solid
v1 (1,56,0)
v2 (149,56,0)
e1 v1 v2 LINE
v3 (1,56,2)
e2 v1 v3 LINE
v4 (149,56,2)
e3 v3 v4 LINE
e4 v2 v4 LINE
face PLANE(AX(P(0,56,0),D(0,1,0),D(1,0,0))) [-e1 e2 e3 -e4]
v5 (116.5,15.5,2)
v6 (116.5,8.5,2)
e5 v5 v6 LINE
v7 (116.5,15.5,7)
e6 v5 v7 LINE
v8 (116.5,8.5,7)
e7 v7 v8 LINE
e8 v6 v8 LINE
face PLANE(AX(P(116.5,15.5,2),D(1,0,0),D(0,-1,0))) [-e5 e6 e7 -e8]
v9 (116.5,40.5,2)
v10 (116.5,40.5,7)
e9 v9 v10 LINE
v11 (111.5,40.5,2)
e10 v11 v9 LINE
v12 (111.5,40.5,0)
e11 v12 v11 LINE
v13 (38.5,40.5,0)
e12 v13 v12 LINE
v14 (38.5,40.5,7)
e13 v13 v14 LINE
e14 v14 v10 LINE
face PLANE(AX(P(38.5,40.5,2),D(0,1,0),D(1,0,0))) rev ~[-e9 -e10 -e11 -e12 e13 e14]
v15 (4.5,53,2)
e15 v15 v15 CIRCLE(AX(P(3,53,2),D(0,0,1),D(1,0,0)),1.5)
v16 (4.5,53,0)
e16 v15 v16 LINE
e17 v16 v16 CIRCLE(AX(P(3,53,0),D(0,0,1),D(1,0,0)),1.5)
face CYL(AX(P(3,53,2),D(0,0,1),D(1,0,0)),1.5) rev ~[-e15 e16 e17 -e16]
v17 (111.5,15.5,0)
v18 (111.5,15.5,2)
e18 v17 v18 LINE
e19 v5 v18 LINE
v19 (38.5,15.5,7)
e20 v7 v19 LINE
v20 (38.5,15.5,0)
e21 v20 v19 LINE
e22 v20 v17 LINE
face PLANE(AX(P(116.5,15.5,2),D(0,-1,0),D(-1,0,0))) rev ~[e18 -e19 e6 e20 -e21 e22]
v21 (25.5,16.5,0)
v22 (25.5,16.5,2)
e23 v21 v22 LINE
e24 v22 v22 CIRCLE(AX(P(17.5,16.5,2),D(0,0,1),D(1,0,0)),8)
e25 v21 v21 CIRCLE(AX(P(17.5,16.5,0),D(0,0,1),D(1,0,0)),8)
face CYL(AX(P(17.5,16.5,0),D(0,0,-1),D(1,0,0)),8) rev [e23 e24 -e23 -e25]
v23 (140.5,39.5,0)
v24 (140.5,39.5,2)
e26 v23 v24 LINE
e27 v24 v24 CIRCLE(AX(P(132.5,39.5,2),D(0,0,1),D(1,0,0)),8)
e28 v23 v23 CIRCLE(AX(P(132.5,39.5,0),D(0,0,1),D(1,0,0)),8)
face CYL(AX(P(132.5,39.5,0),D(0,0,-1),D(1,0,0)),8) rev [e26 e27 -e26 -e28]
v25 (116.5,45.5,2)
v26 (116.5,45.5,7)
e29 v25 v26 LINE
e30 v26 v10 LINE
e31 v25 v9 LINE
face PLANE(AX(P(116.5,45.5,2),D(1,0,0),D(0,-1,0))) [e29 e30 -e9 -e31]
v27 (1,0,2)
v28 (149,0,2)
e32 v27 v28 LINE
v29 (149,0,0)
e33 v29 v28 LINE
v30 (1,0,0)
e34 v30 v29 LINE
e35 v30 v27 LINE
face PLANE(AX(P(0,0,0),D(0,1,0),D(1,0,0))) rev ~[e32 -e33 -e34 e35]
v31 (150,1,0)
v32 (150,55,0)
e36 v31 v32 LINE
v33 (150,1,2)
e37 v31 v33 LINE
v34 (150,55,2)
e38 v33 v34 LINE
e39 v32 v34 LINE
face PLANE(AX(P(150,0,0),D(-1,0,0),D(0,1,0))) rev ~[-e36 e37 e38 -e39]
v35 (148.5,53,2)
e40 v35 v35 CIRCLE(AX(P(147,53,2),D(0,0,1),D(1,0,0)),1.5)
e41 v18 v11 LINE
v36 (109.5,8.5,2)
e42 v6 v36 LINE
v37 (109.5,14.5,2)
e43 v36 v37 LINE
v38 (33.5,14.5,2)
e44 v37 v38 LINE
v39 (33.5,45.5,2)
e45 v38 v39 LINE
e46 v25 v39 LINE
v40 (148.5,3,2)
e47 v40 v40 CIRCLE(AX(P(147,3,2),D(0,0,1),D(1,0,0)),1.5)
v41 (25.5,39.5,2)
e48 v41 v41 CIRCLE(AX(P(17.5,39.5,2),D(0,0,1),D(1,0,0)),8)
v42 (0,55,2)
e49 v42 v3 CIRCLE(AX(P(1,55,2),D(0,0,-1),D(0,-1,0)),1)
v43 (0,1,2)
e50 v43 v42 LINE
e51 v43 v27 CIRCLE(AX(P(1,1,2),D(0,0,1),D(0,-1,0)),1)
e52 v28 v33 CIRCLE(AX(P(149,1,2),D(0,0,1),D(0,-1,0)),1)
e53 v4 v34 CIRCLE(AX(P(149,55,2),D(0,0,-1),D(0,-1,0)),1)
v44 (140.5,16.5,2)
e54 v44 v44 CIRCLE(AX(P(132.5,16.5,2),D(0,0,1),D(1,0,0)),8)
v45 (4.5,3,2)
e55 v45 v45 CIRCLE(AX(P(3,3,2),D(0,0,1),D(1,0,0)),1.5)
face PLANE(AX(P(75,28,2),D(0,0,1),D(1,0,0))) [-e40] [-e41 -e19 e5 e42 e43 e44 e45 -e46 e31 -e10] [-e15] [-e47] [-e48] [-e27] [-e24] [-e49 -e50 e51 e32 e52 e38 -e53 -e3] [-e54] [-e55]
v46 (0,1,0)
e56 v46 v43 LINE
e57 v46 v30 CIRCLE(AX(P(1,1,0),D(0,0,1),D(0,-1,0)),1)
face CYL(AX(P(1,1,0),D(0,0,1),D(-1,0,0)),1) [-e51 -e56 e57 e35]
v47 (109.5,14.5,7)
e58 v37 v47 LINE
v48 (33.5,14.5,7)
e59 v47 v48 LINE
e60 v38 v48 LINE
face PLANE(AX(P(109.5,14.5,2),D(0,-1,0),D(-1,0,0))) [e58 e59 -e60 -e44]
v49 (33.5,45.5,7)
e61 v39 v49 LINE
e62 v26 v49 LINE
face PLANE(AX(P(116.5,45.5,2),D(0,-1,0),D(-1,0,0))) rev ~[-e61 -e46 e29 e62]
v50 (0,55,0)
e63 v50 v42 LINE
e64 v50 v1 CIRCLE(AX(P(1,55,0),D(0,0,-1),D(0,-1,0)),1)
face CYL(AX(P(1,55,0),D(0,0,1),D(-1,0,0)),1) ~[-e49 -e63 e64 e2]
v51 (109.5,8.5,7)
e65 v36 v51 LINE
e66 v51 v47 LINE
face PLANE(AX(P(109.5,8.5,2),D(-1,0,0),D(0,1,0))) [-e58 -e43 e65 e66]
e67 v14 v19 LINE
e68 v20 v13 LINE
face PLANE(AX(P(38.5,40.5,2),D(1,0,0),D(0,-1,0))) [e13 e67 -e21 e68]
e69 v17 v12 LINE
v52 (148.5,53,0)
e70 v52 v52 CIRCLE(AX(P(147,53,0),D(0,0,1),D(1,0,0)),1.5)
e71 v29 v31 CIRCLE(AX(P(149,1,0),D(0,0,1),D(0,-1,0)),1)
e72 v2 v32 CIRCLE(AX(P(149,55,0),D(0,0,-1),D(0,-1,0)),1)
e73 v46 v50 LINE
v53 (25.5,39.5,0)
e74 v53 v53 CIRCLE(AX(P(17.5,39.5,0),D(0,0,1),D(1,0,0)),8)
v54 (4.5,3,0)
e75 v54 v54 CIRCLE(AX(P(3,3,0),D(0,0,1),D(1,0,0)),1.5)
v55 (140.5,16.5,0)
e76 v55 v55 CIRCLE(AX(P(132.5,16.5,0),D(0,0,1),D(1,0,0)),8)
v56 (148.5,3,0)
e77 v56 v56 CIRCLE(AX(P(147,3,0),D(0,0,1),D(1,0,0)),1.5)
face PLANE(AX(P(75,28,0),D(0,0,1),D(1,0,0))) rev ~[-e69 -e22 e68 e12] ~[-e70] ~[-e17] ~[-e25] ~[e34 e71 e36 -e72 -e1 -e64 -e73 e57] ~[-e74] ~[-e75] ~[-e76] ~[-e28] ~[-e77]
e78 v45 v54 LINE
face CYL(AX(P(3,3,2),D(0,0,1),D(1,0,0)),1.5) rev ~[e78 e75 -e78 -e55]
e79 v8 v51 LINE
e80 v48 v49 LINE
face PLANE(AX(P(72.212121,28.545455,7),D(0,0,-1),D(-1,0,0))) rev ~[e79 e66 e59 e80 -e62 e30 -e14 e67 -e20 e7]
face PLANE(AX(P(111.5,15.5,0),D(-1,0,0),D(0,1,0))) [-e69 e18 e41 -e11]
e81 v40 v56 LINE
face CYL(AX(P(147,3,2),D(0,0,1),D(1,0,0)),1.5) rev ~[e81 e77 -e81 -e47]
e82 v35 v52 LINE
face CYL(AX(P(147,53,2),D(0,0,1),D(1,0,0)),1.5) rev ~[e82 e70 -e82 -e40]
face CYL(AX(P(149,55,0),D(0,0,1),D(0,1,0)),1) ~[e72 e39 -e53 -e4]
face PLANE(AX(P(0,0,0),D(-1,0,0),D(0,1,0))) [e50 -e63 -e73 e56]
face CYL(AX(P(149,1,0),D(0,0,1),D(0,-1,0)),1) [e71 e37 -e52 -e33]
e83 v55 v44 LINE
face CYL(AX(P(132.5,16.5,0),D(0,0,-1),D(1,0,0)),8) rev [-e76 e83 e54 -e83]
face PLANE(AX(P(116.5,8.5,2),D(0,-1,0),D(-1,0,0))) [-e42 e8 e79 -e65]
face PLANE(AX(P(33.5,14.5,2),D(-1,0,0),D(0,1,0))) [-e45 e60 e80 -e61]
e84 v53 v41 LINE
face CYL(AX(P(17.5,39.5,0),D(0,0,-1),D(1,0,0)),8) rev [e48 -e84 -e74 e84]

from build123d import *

# Parameters (mm, degrees)
SKETCH_W     = 150
SKETCH_H     = 56
SKETCH_R     = 8
SKETCH_W_2   = 73
SKETCH_H_2   = 25
PAD_DEPTH    = 2
PAD001_DEPTH = 5
SKETCH002_R  = 1.5
POCKET_DEPTH = 5
FILLET_R     = 1


with BuildPart() as part:
    # Sketch → Pad (new body)
    with BuildSketch(Plane.XY):
        with Locations((75, 28)):
            Rectangle(SKETCH_W, SKETCH_H)
        with Locations((17.5, 16.5)):
            Circle(SKETCH_R, mode=Mode.SUBTRACT)
        with Locations((17.5, 39.5)):
            Circle(SKETCH_R, mode=Mode.SUBTRACT)
        with Locations((132.5, 16.5)):
            Circle(SKETCH_R, mode=Mode.SUBTRACT)
        with Locations((132.5, 39.5)):
            Circle(SKETCH_R, mode=Mode.SUBTRACT)
        with Locations((75, 28)):
            Rectangle(SKETCH_W_2, SKETCH_H_2, mode=Mode.SUBTRACT)
    extrude(amount=PAD_DEPTH)

    # Sketch001 (on Face14 of Pad) → Pad001 (join)
    with BuildSketch(Plane.XY.offset(2)):
        Polygon((38.5, 15.5), (111.5, 15.5), (116.5, 15.5), (116.5, 8.5), (109.5, 8.5), (109.5, 14.5), (33.5, 14.5), (33.5, 45.5), (111.5, 45.5), (116.5, 45.5), (116.5, 40.5), (111.5, 40.5), (38.5, 40.5), align=None)
    extrude(amount=PAD001_DEPTH)

    # Sketch002 (on Face5 of Pad001) → Pocket (cut)
    with BuildSketch(Plane.XY.offset(2)):
        with Locations((3, 53)):
            Circle(SKETCH002_R)
        with Locations((147, 53)):
            Circle(SKETCH002_R)
        with Locations((3, 3)):
            Circle(SKETCH002_R)
        with Locations((147, 3)):
            Circle(SKETCH002_R)
    extrude(amount=-POCKET_DEPTH, mode=Mode.SUBTRACT)

    # Fillet
    fillet_edges = [part.edges().sort_by_distance(p)[0] for p in [
        (0, 0, 1),
        (150, 0, 1),
        (150, 56, 1),
        (0, 56, 1),
    ]]
    fillet(fillet_edges, radius=FILLET_R)


solid = part.part
